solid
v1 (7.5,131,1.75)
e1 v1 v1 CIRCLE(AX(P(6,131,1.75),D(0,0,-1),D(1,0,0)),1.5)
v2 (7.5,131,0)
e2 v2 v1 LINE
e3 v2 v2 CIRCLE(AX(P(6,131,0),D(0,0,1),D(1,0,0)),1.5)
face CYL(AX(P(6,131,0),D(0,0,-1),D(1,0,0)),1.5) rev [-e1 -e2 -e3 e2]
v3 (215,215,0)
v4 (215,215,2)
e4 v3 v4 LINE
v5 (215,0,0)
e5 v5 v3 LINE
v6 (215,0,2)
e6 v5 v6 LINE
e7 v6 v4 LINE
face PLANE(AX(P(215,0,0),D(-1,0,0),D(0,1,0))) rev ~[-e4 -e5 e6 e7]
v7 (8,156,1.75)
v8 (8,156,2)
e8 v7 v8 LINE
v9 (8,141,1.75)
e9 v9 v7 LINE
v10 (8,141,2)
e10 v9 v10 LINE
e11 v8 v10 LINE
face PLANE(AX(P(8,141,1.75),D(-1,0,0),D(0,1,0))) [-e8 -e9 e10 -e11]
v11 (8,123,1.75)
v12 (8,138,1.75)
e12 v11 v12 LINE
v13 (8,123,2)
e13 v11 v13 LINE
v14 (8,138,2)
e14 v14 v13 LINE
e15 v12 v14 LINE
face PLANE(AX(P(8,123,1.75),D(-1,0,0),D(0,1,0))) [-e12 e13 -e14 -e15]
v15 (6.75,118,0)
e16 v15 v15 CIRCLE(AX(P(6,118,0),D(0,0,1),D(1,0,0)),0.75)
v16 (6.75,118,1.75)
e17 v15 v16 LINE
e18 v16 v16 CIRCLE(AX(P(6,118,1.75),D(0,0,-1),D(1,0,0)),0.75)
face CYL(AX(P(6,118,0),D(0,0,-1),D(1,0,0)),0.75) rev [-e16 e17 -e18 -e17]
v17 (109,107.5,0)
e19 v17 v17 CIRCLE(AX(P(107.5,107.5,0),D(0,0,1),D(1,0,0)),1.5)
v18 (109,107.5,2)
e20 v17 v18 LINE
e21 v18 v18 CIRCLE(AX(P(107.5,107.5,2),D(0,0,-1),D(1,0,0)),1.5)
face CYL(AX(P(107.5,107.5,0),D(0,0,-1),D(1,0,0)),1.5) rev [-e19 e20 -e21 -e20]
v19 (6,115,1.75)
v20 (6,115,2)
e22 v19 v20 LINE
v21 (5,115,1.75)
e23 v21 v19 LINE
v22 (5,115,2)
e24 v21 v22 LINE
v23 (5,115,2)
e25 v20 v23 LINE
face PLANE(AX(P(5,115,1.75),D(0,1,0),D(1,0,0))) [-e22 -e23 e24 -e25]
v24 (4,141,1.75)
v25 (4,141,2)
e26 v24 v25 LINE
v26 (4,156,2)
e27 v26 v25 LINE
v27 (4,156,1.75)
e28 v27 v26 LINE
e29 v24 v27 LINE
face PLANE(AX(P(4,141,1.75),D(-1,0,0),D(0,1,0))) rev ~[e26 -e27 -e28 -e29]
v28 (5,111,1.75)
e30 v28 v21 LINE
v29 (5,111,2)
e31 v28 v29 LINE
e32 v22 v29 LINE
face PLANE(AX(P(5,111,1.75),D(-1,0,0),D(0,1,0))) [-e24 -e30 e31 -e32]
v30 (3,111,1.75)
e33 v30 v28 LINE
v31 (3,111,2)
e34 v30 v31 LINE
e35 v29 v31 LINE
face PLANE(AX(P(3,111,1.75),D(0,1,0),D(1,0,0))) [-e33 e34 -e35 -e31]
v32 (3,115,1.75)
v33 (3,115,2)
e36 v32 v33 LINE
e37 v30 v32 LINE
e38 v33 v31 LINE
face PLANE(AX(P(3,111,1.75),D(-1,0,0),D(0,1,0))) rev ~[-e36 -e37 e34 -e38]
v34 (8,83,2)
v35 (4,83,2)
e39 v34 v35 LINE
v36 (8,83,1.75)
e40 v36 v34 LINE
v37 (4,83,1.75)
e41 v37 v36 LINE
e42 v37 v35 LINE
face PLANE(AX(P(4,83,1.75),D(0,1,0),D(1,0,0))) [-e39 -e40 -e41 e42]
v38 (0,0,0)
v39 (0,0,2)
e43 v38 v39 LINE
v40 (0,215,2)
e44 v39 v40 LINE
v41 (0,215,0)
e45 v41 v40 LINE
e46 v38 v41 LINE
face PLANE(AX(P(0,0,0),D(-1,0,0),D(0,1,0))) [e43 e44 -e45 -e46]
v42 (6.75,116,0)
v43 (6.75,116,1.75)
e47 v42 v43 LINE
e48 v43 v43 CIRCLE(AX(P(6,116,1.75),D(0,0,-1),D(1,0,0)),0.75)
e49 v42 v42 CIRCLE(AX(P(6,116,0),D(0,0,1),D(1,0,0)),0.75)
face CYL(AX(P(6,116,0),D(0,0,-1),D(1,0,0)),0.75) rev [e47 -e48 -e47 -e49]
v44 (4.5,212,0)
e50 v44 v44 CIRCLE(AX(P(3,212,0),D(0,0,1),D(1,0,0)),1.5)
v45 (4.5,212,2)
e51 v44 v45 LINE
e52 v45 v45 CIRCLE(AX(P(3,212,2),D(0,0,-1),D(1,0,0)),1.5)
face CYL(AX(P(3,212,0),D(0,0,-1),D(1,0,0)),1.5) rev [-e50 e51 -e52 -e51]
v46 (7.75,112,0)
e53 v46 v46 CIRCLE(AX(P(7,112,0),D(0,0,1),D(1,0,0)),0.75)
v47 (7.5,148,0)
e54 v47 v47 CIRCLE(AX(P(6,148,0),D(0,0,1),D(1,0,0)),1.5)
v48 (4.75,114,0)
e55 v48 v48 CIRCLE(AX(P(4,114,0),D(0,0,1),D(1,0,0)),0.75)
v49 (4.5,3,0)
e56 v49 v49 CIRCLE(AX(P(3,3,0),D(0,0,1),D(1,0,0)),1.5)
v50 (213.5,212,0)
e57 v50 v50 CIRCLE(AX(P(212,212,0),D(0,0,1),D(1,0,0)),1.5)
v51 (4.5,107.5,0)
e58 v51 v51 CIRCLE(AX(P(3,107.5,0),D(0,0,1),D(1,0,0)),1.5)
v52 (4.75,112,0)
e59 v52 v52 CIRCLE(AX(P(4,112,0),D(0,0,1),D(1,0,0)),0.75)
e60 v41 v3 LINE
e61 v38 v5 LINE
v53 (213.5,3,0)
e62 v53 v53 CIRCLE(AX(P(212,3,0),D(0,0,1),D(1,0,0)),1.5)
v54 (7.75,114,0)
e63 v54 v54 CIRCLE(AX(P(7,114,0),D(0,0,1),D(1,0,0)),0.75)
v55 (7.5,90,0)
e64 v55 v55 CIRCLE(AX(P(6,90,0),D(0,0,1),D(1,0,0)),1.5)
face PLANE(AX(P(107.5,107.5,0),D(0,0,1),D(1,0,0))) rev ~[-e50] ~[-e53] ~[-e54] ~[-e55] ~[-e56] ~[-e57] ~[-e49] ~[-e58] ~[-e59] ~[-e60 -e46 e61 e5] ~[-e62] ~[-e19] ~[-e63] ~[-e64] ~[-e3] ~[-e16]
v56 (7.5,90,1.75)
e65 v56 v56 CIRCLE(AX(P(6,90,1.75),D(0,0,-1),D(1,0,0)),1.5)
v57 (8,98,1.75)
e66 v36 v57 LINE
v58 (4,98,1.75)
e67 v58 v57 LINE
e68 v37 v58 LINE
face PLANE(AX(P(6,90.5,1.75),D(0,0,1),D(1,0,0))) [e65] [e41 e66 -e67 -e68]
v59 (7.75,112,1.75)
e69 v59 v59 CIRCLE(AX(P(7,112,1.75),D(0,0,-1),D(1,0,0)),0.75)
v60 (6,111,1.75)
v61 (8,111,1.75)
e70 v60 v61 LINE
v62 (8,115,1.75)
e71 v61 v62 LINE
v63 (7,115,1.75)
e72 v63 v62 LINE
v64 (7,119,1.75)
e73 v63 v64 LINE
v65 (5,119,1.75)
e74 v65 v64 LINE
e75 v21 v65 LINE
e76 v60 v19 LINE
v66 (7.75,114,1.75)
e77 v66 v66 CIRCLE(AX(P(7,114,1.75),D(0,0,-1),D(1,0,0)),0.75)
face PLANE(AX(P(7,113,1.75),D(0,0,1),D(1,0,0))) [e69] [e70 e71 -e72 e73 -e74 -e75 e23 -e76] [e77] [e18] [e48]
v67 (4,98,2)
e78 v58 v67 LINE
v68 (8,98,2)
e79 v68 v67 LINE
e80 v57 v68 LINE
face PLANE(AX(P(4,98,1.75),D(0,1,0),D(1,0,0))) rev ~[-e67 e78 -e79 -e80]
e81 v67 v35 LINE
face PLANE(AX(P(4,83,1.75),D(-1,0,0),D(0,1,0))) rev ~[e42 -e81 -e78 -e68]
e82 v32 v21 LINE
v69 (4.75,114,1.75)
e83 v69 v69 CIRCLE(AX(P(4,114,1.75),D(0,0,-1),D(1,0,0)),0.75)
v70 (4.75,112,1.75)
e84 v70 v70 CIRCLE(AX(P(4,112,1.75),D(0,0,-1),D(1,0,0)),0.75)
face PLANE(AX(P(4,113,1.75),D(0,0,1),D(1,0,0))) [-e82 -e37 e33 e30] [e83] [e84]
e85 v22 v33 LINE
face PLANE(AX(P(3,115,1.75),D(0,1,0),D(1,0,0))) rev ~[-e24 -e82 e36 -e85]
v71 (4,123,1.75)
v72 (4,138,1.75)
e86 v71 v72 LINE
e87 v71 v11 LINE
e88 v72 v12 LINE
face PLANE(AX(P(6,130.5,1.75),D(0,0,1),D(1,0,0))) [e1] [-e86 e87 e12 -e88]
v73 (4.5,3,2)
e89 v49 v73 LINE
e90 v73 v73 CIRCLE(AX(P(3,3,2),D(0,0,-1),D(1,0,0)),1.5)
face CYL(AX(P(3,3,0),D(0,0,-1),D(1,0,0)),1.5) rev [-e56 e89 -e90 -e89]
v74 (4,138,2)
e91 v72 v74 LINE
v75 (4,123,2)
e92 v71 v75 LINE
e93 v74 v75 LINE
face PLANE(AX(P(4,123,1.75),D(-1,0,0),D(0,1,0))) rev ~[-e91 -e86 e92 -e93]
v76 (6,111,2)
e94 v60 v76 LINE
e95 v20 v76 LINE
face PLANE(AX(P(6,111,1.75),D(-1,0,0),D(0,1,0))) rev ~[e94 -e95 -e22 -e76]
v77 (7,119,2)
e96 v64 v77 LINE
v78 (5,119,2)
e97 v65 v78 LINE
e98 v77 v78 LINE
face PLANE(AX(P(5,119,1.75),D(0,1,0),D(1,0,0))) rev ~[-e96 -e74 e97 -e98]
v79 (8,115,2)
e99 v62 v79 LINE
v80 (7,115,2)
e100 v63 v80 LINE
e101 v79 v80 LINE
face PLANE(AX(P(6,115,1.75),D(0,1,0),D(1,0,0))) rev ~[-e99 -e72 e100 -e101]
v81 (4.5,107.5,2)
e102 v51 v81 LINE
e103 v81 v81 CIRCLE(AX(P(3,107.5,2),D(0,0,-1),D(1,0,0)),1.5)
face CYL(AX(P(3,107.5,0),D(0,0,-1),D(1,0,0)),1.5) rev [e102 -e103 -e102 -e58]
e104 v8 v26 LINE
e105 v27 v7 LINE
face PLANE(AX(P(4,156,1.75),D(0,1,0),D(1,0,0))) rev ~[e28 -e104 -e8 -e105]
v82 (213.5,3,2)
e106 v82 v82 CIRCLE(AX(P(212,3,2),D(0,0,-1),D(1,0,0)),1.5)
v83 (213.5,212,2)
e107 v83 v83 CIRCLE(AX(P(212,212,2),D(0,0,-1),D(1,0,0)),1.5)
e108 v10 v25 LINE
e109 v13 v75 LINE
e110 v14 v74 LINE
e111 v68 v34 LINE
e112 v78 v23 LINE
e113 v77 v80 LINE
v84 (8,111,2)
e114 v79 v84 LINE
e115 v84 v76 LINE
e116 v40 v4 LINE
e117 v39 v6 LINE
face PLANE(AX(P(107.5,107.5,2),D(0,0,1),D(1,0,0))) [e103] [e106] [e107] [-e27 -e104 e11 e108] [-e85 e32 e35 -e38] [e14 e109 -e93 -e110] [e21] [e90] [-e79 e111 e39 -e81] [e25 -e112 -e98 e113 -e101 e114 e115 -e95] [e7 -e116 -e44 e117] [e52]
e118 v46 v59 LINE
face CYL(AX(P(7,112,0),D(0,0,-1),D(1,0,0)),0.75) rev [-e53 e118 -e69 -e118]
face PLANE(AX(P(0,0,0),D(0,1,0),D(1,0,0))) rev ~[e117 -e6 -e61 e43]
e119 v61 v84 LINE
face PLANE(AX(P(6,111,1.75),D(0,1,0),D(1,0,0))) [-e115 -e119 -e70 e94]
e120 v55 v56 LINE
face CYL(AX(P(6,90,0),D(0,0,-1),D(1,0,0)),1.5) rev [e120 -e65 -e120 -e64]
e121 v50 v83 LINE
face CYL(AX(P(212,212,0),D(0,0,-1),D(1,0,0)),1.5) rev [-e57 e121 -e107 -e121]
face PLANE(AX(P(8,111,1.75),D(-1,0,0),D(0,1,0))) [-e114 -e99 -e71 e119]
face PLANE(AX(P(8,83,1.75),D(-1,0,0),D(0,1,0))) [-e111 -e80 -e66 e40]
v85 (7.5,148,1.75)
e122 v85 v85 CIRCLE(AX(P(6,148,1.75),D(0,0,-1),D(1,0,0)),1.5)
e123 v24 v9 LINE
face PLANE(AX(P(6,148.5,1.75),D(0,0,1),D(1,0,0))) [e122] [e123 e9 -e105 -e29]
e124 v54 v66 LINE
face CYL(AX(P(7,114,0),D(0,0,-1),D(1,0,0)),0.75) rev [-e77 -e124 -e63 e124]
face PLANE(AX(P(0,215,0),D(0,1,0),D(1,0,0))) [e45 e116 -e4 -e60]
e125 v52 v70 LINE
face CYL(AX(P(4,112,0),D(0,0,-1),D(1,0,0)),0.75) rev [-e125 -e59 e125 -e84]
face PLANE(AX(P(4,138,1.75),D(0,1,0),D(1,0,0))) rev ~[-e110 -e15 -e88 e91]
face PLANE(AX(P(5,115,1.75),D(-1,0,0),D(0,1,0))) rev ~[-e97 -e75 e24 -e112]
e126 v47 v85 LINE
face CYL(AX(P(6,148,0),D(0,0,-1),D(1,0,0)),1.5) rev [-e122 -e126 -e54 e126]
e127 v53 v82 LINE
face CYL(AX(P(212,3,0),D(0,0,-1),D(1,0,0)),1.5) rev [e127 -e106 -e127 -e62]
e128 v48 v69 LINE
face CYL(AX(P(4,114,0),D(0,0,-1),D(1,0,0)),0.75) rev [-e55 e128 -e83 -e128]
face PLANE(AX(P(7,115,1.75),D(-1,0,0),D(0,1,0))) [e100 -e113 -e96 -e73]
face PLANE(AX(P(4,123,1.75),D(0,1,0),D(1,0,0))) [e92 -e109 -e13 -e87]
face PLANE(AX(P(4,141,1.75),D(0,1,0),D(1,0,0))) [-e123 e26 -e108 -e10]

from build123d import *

# Parameters (mm, degrees)
BOX005_W          = 2
BOX005_H          = 4
BOX005_DEPTH      = 0.5
BOX006_W          = 2
BOX006_H          = 4
BOX006_DEPTH      = 0.5
BOX004_W          = 2
BOX004_H          = 4
BOX004_DEPTH      = 0.5
BOX003_W          = 4
BOX003_H          = 15
BOX003_DEPTH      = 0.5
BOX002_W          = 4
BOX002_H          = 15
BOX002_DEPTH      = 0.5
BOX001_W          = 4
BOX001_H          = 15
BOX001_DEPTH      = 0.5
CYLINDER012_R     = 0.75
CYLINDER012_DEPTH = 10
CYLINDER011_R     = 0.75
CYLINDER011_DEPTH = 10
CYLINDER010_R     = 0.75
CYLINDER010_DEPTH = 10
CYLINDER014_R     = 0.75
CYLINDER014_DEPTH = 10
CYLINDER013_R     = 0.75
CYLINDER013_DEPTH = 10
CYLINDER009_R     = 0.75
CYLINDER009_DEPTH = 10
CYLINDER006_R     = 1.5
CYLINDER006_DEPTH = 10
CYLINDER007_R     = 1.5
CYLINDER007_DEPTH = 10
CYLINDER008_R     = 1.5
CYLINDER008_DEPTH = 10
CYLINDER005_R     = 1.5
CYLINDER005_DEPTH = 10
CYLINDER003_R     = 1.5
CYLINDER003_DEPTH = 10
CYLINDER004_R     = 1.5
CYLINDER004_DEPTH = 10
CYLINDER002_R     = 1.5
CYLINDER002_DEPTH = 10
CYLINDER_R        = 1.5
CYLINDER_DEPTH    = 10
CYLINDER001_R     = 1.5
CYLINDER001_DEPTH = 10
BOX_W             = 215
BOX_H             = 215
BOX_DEPTH         = 2


with BuildPart() as cube005:
    # Box005 → Box005 (new body)
    with BuildSketch(Plane(origin=(6, 111, 1.75), x_dir=(1, 0, 0), z_dir=(0, 0, 1))):
        with Locations((1, 2)):
            Rectangle(BOX005_W, BOX005_H)
    extrude(amount=BOX005_DEPTH)


with BuildPart() as cube006:
    # Box006 → Box006 (new body)
    with BuildSketch(Plane(origin=(5, 115, 1.75), x_dir=(1, 0, 0), z_dir=(0, 0, 1))):
        with Locations((1, 2)):
            Rectangle(BOX006_W, BOX006_H)
    extrude(amount=BOX006_DEPTH)


with BuildPart() as cube004:
    # Box004 → Box004 (new body)
    with BuildSketch(Plane(origin=(3, 111, 1.75), x_dir=(1, 0, 0), z_dir=(0, 0, 1))):
        with Locations((1, 2)):
            Rectangle(BOX004_W, BOX004_H)
    extrude(amount=BOX004_DEPTH)


with BuildPart() as cube003:
    # Box003 → Box003 (new body)
    with BuildSketch(Plane(origin=(4, 141, 1.75), x_dir=(1, 0, 0), z_dir=(0, 0, 1))):
        with Locations((2, 7.5)):
            Rectangle(BOX003_W, BOX003_H)
    extrude(amount=BOX003_DEPTH)


with BuildPart() as cube002:
    # Box002 → Box002 (new body)
    with BuildSketch(Plane(origin=(4, 123, 1.75), x_dir=(1, 0, 0), z_dir=(0, 0, 1))):
        with Locations((2, 7.5)):
            Rectangle(BOX002_W, BOX002_H)
    extrude(amount=BOX002_DEPTH)


with BuildPart() as cube001:
    # Box001 → Box001 (new body)
    with BuildSketch(Plane(origin=(4, 83, 1.75), x_dir=(1, 0, 0), z_dir=(0, 0, 1))):
        with Locations((2, 7.5)):
            Rectangle(BOX001_W, BOX001_H)
    extrude(amount=BOX001_DEPTH)


with BuildPart() as cylinder012:
    # Cylinder012 → Cylinder012 (new body)
    with BuildSketch(Plane(origin=(6, 118, 0), x_dir=(1, 0, 0), z_dir=(0, 0, 1))):
        Circle(CYLINDER012_R)
    extrude(amount=CYLINDER012_DEPTH)


with BuildPart() as cylinder011:
    # Cylinder011 → Cylinder011 (new body)
    with BuildSketch(Plane(origin=(6, 116, 0), x_dir=(1, 0, 0), z_dir=(0, 0, 1))):
        Circle(CYLINDER011_R)
    extrude(amount=CYLINDER011_DEPTH)


with BuildPart() as cylinder010:
    # Cylinder010 → Cylinder010 (new body)
    with BuildSketch(Plane(origin=(4, 114, 0), x_dir=(1, 0, 0), z_dir=(0, 0, 1))):
        Circle(CYLINDER010_R)
    extrude(amount=CYLINDER010_DEPTH)


with BuildPart() as cylinder014:
    # Cylinder014 → Cylinder014 (new body)
    with BuildSketch(Plane(origin=(7, 114, 0), x_dir=(1, 0, 0), z_dir=(0, 0, 1))):
        Circle(CYLINDER014_R)
    extrude(amount=CYLINDER014_DEPTH)


with BuildPart() as cylinder013:
    # Cylinder013 → Cylinder013 (new body)
    with BuildSketch(Plane(origin=(7, 112, 0), x_dir=(1, 0, 0), z_dir=(0, 0, 1))):
        Circle(CYLINDER013_R)
    extrude(amount=CYLINDER013_DEPTH)


with BuildPart() as cylinder009:
    # Cylinder009 → Cylinder009 (new body)
    with BuildSketch(Plane(origin=(4, 112, 0), x_dir=(1, 0, 0), z_dir=(0, 0, 1))):
        Circle(CYLINDER009_R)
    extrude(amount=CYLINDER009_DEPTH)


with BuildPart() as cylinder006:
    # Cylinder006 → Cylinder006 (new body)
    with BuildSketch(Plane(origin=(3, 107.5, 0), x_dir=(1, 0, 0), z_dir=(0, 0, 1))):
        Circle(CYLINDER006_R)
    extrude(amount=CYLINDER006_DEPTH)


with BuildPart() as cylinder007:
    # Cylinder007 → Cylinder007 (new body)
    with BuildSketch(Plane(origin=(6, 131, 0), x_dir=(1, 0, 0), z_dir=(0, 0, 1))):
        Circle(CYLINDER007_R)
    extrude(amount=CYLINDER007_DEPTH)


with BuildPart() as cylinder008:
    # Cylinder008 → Cylinder008 (new body)
    with BuildSketch(Plane(origin=(6, 148, 0), x_dir=(1, 0, 0), z_dir=(0, 0, 1))):
        Circle(CYLINDER008_R)
    extrude(amount=CYLINDER008_DEPTH)


with BuildPart() as cylinder005:
    # Cylinder005 → Cylinder005 (new body)
    with BuildSketch(Plane(origin=(6, 90, 0), x_dir=(1, 0, 0), z_dir=(0, 0, 1))):
        Circle(CYLINDER005_R)
    extrude(amount=CYLINDER005_DEPTH)


with BuildPart() as cylinder003:
    # Cylinder003 → Cylinder003 (new body)
    with BuildSketch(Plane(origin=(3, 212, 0), x_dir=(1, 0, 0), z_dir=(0, 0, 1))):
        Circle(CYLINDER003_R)
    extrude(amount=CYLINDER003_DEPTH)


with BuildPart() as cylinder004:
    # Cylinder004 → Cylinder004 (new body)
    with BuildSketch(Plane(origin=(107.5, 107.5, 0), x_dir=(1, 0, 0), z_dir=(0, 0, 1))):
        Circle(CYLINDER004_R)
    extrude(amount=CYLINDER004_DEPTH)


with BuildPart() as cylinder002:
    # Cylinder002 → Cylinder002 (new body)
    with BuildSketch(Plane(origin=(212, 212, 0), x_dir=(1, 0, 0), z_dir=(0, 0, 1))):
        Circle(CYLINDER002_R)
    extrude(amount=CYLINDER002_DEPTH)


with BuildPart() as cylinder:
    # Cylinder → Cylinder (new body)
    with BuildSketch(Plane(origin=(212, 3, 0), x_dir=(1, 0, 0), z_dir=(0, 0, 1))):
        Circle(CYLINDER_R)
    extrude(amount=CYLINDER_DEPTH)


with BuildPart() as cylinder001:
    # Cylinder001 → Cylinder001 (new body)
    with BuildSketch(Plane(origin=(3, 3, 0), x_dir=(1, 0, 0), z_dir=(0, 0, 1))):
        Circle(CYLINDER001_R)
    extrude(amount=CYLINDER001_DEPTH)


with BuildPart() as cut020:
    # Box → Box (new body)
    with BuildSketch(Plane.XY):
        with Locations((107.5, 107.5)):
            Rectangle(BOX_W, BOX_H)
    extrude(amount=BOX_DEPTH)

    # Cut: cut Cylinder001
    add(cylinder001.part, mode=Mode.SUBTRACT)

    # Cut001: cut Cylinder
    add(cylinder.part, mode=Mode.SUBTRACT)

    # Cut002: cut Cylinder002
    add(cylinder002.part, mode=Mode.SUBTRACT)

    # Cut003: cut Cylinder004
    add(cylinder004.part, mode=Mode.SUBTRACT)

    # Cut004: cut Cylinder003
    add(cylinder003.part, mode=Mode.SUBTRACT)

    # Cut005: cut Cylinder005
    add(cylinder005.part, mode=Mode.SUBTRACT)

    # Cut006: cut Cylinder008
    add(cylinder008.part, mode=Mode.SUBTRACT)

    # Cut007: cut Cylinder007
    add(cylinder007.part, mode=Mode.SUBTRACT)

    # Cut008: cut Cylinder006
    add(cylinder006.part, mode=Mode.SUBTRACT)

    # Cut009: cut Cylinder009
    add(cylinder009.part, mode=Mode.SUBTRACT)

    # Cut010: cut Cylinder013
    add(cylinder013.part, mode=Mode.SUBTRACT)

    # Cut011: cut Cylinder014
    add(cylinder014.part, mode=Mode.SUBTRACT)

    # Cut012: cut Cylinder010
    add(cylinder010.part, mode=Mode.SUBTRACT)

    # Cut013: cut Cylinder011
    add(cylinder011.part, mode=Mode.SUBTRACT)

    # Cut014: cut Cylinder012
    add(cylinder012.part, mode=Mode.SUBTRACT)

    # Cut015: cut Cube001
    add(cube001.part, mode=Mode.SUBTRACT)

    # Cut016: cut Cube002
    add(cube002.part, mode=Mode.SUBTRACT)

    # Cut017: cut Cube003
    add(cube003.part, mode=Mode.SUBTRACT)

    # Cut018: cut Cube004
    add(cube004.part, mode=Mode.SUBTRACT)

    # Cut019: cut Cube006
    add(cube006.part, mode=Mode.SUBTRACT)

    # Cut020: cut Cube005
    add(cube005.part, mode=Mode.SUBTRACT)


solid = cut020.part
